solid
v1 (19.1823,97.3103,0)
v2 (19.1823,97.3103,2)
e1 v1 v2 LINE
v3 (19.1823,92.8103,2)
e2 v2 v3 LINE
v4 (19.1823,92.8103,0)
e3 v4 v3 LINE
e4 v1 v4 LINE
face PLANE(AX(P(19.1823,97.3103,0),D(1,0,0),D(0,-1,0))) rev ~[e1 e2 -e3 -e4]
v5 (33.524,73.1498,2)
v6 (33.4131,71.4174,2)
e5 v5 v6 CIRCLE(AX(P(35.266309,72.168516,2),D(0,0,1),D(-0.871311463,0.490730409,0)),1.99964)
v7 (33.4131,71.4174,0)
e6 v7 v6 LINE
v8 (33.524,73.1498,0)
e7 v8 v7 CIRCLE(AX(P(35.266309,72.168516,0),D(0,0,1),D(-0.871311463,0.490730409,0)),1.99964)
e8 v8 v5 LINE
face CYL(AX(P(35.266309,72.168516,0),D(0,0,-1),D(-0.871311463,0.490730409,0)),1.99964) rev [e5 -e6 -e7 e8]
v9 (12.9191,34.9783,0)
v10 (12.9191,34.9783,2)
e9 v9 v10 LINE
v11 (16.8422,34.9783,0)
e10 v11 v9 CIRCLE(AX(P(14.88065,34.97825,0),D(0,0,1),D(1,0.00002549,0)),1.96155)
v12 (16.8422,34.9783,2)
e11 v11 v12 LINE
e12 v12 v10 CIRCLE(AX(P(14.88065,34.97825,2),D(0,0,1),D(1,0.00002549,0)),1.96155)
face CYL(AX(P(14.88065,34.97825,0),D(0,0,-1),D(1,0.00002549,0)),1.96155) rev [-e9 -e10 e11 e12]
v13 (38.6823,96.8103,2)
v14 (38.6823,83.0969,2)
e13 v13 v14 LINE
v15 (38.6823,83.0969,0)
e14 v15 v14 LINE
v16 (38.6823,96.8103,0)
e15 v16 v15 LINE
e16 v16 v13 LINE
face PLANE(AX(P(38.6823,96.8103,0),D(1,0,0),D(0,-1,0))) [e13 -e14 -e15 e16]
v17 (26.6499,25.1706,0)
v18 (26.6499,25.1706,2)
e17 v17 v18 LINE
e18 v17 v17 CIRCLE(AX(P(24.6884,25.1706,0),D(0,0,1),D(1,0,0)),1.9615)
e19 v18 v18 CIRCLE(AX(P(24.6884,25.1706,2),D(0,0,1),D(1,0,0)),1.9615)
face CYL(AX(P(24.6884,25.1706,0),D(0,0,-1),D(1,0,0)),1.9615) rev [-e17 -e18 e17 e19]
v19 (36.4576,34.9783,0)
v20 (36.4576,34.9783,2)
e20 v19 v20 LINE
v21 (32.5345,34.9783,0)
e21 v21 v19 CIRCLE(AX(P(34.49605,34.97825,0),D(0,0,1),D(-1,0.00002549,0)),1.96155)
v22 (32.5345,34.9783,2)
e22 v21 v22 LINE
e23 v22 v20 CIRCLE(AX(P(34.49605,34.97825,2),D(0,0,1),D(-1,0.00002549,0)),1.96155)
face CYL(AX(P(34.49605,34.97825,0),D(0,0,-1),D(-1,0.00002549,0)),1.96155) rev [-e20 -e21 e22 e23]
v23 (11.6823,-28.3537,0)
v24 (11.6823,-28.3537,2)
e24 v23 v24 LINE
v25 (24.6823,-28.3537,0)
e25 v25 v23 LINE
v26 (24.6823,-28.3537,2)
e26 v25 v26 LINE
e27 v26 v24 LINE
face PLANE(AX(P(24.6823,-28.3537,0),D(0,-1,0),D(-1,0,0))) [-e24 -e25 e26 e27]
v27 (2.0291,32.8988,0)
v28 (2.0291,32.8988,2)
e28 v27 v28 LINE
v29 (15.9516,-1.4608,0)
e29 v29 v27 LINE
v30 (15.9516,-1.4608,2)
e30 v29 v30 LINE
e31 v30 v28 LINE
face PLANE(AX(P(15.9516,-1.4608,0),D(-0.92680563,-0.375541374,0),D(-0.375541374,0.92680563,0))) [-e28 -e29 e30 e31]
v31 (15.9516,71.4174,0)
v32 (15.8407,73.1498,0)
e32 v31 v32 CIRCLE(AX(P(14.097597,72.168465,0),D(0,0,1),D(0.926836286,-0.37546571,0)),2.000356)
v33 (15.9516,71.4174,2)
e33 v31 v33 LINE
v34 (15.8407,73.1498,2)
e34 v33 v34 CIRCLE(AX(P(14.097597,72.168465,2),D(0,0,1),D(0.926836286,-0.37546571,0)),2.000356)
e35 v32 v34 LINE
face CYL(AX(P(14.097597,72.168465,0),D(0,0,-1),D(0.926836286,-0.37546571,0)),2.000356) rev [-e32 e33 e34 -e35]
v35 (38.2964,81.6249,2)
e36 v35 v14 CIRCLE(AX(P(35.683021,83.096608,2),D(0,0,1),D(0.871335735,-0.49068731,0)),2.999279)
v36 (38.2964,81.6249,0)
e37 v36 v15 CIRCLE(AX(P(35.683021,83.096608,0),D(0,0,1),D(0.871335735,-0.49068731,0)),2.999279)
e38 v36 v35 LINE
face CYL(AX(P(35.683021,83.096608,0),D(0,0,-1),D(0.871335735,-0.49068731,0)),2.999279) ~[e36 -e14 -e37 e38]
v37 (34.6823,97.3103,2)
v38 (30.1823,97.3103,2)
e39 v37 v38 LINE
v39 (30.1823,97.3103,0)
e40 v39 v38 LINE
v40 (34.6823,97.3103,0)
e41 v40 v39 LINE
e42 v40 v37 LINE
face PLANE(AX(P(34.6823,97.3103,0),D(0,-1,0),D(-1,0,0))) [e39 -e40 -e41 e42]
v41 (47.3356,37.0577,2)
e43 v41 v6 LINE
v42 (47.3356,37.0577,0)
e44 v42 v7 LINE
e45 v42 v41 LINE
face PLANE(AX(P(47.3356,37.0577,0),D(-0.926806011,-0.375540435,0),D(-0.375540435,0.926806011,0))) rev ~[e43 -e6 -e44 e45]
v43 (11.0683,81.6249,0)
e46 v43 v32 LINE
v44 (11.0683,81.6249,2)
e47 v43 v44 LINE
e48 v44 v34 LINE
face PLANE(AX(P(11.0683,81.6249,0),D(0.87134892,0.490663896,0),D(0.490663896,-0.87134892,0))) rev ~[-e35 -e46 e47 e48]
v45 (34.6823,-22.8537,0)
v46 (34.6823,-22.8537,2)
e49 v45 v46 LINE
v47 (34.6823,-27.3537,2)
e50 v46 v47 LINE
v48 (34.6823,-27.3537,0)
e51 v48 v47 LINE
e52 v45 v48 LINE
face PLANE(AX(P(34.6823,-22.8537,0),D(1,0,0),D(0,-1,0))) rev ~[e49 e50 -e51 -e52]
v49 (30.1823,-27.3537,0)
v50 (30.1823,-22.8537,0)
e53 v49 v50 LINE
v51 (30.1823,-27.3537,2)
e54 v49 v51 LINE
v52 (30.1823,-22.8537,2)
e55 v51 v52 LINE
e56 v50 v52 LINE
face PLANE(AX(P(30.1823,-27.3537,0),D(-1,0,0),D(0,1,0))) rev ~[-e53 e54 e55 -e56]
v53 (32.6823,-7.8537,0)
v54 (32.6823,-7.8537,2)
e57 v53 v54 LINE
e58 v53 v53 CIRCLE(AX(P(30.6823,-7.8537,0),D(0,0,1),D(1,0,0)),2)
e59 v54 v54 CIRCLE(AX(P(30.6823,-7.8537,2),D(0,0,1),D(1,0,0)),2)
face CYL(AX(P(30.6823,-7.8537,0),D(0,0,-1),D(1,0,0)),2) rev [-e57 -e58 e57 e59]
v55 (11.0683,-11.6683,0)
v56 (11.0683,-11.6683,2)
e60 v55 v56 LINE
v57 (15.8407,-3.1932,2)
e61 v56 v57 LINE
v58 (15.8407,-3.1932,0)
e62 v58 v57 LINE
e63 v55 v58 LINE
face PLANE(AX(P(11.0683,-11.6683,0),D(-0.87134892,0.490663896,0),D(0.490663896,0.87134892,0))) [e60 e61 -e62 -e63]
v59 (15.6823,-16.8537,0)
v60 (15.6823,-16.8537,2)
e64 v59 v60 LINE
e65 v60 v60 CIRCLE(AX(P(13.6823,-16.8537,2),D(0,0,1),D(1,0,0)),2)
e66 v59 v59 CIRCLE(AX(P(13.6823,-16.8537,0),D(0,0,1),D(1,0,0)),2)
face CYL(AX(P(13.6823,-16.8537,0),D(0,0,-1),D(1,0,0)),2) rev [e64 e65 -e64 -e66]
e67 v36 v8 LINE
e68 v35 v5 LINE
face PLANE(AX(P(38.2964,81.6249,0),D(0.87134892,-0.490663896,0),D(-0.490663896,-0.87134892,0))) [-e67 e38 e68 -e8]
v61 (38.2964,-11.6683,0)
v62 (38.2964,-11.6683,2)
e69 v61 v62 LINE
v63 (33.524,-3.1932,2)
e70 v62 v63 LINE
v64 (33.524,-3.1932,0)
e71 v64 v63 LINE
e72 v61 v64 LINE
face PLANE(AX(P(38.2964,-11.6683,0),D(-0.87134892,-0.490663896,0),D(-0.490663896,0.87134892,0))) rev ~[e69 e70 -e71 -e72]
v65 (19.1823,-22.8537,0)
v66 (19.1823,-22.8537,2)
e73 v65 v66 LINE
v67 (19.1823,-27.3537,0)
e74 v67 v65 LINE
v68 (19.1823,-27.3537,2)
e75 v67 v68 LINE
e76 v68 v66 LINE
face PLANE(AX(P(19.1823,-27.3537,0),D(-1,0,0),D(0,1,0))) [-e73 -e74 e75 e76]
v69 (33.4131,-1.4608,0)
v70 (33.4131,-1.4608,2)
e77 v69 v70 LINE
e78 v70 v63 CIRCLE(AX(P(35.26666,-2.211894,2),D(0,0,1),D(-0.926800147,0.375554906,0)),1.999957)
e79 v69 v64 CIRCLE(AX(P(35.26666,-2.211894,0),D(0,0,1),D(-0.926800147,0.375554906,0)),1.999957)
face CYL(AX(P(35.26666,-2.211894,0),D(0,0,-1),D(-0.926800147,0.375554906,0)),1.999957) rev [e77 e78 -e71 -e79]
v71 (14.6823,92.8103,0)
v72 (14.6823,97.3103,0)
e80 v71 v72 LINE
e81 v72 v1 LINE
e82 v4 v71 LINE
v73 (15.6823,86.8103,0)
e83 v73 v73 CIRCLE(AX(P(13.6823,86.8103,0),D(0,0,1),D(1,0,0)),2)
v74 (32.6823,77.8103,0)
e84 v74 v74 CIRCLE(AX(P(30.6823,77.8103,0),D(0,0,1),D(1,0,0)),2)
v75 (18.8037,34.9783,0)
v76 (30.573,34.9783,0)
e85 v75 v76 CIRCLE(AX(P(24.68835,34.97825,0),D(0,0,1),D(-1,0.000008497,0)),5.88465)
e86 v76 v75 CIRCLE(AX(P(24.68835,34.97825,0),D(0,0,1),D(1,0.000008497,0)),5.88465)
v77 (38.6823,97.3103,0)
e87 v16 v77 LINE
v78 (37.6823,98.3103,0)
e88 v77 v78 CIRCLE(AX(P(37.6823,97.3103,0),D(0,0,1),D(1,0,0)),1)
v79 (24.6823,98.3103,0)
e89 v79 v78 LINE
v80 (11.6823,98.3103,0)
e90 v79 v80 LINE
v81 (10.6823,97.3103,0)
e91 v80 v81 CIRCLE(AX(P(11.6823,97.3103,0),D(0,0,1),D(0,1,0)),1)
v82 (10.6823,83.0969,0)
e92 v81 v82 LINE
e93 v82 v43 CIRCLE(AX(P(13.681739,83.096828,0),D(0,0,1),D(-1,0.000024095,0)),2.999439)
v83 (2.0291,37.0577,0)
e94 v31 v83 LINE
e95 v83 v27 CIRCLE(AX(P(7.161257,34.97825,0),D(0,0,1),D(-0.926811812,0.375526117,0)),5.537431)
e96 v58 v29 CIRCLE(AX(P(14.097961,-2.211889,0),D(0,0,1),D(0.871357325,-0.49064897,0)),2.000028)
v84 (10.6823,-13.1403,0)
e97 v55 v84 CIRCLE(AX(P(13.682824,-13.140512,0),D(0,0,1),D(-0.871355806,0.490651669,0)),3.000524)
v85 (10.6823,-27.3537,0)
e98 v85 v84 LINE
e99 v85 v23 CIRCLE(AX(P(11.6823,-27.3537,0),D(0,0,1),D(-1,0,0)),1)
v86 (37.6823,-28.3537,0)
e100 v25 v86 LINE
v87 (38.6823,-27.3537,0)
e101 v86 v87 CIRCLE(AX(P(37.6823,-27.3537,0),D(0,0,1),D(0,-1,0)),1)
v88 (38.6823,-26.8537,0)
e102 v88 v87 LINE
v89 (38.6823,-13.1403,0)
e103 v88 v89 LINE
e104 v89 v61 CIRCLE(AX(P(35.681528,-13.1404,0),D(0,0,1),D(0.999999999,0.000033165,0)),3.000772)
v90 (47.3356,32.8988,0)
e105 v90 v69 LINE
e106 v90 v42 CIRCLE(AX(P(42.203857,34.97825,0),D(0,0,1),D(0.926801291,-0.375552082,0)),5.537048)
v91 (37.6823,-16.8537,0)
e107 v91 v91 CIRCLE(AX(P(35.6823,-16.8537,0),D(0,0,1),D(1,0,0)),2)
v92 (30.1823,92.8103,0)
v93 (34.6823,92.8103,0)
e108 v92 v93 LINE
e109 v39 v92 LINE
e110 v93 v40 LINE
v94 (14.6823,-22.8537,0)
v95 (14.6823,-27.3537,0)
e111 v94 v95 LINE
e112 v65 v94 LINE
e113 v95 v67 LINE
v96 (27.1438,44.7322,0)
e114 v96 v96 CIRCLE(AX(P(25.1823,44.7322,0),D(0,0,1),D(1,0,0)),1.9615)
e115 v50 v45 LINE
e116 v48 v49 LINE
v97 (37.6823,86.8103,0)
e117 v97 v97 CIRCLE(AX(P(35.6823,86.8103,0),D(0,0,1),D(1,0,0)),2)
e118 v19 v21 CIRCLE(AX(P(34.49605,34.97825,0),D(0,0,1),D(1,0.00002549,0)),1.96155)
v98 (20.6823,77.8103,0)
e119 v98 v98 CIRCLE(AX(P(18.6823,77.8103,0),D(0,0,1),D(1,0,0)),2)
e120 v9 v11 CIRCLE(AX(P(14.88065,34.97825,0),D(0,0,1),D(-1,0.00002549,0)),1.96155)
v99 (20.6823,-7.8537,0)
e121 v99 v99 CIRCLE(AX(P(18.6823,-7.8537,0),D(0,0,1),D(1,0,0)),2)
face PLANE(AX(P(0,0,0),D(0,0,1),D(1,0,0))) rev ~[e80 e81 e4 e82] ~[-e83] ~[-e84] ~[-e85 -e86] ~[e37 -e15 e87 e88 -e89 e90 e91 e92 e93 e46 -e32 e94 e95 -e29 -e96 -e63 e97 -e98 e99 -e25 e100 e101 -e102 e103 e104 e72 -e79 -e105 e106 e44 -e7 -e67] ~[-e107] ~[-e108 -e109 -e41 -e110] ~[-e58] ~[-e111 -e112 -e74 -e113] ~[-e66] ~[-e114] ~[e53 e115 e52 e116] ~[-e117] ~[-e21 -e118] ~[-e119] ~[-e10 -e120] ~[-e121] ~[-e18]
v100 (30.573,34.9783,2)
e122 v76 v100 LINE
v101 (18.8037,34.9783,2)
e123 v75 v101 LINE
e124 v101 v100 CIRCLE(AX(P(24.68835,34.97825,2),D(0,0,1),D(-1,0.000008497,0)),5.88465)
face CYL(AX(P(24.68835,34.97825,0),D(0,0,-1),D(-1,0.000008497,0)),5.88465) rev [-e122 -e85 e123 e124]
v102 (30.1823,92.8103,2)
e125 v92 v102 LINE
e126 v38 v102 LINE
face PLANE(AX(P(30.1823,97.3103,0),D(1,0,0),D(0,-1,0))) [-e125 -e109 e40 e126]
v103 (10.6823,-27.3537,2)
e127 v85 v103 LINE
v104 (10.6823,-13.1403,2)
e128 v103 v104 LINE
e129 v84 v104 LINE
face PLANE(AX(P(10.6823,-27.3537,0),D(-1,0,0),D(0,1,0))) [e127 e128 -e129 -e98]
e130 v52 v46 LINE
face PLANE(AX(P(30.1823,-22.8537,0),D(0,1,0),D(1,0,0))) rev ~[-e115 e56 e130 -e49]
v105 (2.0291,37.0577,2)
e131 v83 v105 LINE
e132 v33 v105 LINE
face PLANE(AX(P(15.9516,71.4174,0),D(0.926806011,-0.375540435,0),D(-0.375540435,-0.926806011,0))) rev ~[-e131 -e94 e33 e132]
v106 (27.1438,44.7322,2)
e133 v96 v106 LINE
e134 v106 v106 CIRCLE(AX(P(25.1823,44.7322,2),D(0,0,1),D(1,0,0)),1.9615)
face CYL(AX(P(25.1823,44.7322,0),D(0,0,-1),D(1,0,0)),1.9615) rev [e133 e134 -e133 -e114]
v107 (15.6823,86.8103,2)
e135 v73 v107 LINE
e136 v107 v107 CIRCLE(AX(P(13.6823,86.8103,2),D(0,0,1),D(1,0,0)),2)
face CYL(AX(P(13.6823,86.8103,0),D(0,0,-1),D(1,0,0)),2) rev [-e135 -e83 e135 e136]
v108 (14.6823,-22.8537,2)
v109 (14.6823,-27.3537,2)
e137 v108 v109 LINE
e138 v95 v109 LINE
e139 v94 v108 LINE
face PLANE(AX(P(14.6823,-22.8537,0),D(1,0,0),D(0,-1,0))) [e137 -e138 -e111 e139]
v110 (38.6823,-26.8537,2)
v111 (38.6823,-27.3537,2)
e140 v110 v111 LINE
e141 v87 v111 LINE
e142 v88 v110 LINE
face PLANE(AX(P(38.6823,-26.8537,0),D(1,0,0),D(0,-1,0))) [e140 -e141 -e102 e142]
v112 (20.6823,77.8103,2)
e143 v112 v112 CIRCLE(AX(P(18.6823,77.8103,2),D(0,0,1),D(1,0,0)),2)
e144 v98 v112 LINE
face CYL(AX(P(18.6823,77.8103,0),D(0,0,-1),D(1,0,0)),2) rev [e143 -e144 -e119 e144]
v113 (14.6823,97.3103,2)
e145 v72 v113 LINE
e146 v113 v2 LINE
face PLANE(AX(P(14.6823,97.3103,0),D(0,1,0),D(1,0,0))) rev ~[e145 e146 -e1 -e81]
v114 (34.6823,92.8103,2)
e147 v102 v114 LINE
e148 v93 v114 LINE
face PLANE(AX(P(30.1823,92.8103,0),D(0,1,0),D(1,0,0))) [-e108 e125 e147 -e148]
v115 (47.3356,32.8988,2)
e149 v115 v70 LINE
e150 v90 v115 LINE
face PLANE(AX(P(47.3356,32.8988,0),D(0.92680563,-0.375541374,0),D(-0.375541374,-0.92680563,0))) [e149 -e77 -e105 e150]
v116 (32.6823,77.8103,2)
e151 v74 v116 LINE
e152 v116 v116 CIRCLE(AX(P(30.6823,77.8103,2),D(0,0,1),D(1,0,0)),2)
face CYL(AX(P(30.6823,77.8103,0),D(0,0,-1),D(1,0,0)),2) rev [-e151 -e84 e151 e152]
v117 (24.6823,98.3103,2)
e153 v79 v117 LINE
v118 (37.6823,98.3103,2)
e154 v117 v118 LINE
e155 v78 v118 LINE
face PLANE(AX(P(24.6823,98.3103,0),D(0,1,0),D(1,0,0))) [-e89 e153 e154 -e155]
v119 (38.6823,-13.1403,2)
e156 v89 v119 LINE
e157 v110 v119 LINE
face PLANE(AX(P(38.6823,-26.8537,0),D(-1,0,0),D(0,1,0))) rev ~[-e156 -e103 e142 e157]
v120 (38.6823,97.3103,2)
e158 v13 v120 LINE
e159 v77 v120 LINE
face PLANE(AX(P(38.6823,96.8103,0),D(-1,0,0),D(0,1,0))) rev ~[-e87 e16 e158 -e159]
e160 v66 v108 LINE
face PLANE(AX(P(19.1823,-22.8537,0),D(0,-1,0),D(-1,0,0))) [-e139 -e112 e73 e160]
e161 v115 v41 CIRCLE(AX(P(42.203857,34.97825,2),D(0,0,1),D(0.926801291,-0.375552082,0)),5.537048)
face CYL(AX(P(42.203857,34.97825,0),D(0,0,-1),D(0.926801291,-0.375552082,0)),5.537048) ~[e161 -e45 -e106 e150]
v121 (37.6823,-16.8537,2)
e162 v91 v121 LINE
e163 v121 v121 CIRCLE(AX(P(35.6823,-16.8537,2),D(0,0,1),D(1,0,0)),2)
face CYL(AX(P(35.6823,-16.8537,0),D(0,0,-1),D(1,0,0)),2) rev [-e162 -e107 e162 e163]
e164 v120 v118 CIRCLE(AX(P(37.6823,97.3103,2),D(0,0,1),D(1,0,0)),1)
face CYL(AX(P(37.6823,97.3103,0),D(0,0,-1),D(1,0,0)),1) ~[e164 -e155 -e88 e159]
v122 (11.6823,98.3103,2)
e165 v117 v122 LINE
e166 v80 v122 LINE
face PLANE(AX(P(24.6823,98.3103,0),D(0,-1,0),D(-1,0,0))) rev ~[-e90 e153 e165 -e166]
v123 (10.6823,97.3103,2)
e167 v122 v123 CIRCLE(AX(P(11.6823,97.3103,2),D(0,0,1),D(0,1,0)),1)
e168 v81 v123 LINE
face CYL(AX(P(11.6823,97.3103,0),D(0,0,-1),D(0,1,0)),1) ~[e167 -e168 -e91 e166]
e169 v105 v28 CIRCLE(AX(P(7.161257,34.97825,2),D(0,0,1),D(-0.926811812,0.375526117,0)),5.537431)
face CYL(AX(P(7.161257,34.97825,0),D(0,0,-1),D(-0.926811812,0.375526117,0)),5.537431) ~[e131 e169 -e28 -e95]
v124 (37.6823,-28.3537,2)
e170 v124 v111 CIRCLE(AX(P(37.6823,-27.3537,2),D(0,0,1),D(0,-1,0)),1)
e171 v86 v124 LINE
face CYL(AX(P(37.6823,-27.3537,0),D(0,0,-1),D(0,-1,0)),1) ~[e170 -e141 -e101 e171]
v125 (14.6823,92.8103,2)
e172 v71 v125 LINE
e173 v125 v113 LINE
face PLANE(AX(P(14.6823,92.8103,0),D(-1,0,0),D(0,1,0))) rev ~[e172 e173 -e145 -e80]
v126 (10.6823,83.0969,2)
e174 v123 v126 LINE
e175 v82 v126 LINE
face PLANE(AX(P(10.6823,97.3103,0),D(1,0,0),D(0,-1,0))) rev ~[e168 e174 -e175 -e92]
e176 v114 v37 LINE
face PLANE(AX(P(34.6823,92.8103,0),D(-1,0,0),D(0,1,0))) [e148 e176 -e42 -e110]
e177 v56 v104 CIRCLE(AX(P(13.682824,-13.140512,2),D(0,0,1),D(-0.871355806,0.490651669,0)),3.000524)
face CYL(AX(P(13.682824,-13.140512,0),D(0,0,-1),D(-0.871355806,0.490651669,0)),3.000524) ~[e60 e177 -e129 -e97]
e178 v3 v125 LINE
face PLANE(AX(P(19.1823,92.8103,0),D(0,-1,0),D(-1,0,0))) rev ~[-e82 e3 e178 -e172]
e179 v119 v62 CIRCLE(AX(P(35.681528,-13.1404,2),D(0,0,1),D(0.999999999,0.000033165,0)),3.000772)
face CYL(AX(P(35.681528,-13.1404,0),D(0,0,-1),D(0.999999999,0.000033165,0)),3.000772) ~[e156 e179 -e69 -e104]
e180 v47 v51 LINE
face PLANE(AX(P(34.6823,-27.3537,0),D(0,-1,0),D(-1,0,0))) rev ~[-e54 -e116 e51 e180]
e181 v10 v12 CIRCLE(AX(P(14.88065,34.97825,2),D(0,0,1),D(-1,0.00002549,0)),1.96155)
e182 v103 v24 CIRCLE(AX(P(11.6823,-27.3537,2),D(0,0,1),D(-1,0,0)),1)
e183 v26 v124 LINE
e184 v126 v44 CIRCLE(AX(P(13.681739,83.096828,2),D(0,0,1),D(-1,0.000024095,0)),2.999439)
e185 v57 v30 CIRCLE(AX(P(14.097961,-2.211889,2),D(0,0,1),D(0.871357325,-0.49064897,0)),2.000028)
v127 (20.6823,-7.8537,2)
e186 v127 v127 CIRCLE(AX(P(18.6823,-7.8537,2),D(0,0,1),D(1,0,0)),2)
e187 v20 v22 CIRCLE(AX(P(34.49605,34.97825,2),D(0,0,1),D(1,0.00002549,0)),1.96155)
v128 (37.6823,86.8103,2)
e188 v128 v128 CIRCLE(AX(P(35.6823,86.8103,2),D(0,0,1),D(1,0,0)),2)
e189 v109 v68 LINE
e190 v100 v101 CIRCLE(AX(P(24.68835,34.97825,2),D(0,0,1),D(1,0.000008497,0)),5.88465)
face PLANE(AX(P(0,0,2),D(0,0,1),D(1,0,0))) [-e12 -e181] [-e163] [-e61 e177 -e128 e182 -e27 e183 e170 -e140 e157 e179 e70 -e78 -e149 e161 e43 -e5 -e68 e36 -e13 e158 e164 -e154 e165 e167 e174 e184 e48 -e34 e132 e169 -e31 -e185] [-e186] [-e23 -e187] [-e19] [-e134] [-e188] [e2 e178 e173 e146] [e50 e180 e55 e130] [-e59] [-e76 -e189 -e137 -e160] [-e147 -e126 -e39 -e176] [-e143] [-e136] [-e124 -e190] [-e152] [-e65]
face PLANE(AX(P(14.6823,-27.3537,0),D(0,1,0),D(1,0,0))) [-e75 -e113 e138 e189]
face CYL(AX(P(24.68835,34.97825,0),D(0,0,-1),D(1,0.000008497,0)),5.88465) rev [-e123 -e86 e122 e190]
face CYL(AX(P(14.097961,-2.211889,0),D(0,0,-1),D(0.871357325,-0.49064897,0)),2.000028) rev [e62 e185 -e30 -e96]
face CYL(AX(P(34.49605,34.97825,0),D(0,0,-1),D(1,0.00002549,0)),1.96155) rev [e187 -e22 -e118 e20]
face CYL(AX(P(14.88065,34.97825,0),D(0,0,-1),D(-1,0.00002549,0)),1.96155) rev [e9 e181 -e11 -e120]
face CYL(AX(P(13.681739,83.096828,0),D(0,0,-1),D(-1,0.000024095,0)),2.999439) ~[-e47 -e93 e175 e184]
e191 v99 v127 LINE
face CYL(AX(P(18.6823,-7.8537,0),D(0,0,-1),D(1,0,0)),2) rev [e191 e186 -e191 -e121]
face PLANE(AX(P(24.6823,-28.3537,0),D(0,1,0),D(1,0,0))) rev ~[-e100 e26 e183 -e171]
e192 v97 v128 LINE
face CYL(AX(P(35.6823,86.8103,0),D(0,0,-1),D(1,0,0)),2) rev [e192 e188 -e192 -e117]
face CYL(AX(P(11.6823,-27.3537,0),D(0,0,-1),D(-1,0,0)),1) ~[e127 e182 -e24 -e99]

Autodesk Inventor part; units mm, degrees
ref_plane "YZ Plane" through (0, 0, 0) normal (1, 0, 0) x (0, 1, 0)
ref_plane "XZ Plane" through (0, 0, 0) normal (0, 1, 0) x (-1, 0, 0)
ref_plane "XY Plane" through (0, 0, 0) normal (0, 0, 1) x (1, 0, 0)
sketch "Эскиз1" plane through (0, 0, 0) normal (0, 0, 1) x (1, 0, 0)
  arc A0 (18.8037, 34.9783) -> (30.573, 34.9783) centre (24.6884, 34.9783) ccw
  arc A1 (12.9191, 34.9783) -> (16.8422, 34.9783) centre (14.8807, 34.9783) ccw
  circle A2 centre (24.6884, 25.1706) radius 1.9615
  arc A3 (32.5345, 34.9783) -> (36.4576, 34.9783) centre (34.4961, 34.9783) ccw
  line L0 (47.3356, 32.8988) -> (33.4131, -1.4608)
  line L1 (15.9516, -1.4608) -> (2.0291, 32.8988)
  arc A4 (30.573, 34.9783) -> (18.8037, 34.9783) centre (24.6884, 34.9783) ccw
  arc A5 (16.8422, 34.9783) -> (12.9191, 34.9783) centre (14.8807, 34.9783) ccw
  circle A6 centre (25.1823, 44.7322) radius 1.9615
  arc A7 (36.4576, 34.9783) -> (32.5345, 34.9783) centre (34.4961, 34.9783) ccw
  arc A8 (47.3356, 32.8988) -> (47.3356, 37.0577) centre (42.2036, 34.9783) ccw
  arc A9 (2.0291, 37.0577) -> (2.0291, 32.8988) centre (7.161, 34.9783) ccw
  line L2 (24.6823, -28.3537) -> (11.6823, -28.3537)
  line L3 (10.6823, -27.3537) -> (10.6823, -13.1403)
  line L4 (11.0683, -11.6683) -> (15.8407, -3.1932)
  arc A10 (11.0683, -11.6683) -> (10.6823, -13.1403) centre (13.6823, -13.1403) ccw
  arc A11 (10.6823, -27.3537) -> (11.6823, -28.3537) centre (11.6823, -27.3537) ccw
  line L5 (38.6823, -26.8537) -> (38.6823, -13.1403)
  line L6 (38.2964, -11.6683) -> (33.524, -3.1932)
  arc A12 (38.6823, -13.1403) -> (38.2964, -11.6683) centre (35.6823, -13.1403) ccw
  arc A13 (15.8407, -3.1932) -> (15.9516, -1.4608) centre (14.098, -2.2119) ccw
  arc A14 (33.4131, -1.4608) -> (33.524, -3.1932) centre (35.2667, -2.2119) ccw
  line L7 (14.6823, -27.3537) -> (19.1823, -27.3537)
  line L8 (19.1823, -27.3537) -> (19.1823, -22.8537)
  line L9 (19.1823, -22.8537) -> (14.6823, -22.8537)
  line L10 (14.6823, -22.8537) -> (14.6823, -27.3537)
  circle A15 centre (13.6823, -16.8537) radius 2
  circle A16 centre (18.6823, -7.8537) radius 2
  line L11 (38.6823, -26.8537) -> (38.6823, -27.3537)
  line L12 (24.6823, -28.3537) -> (37.6823, -28.3537)
  arc A17 (37.6823, -28.3537) -> (38.6823, -27.3537) centre (37.6823, -27.3537) ccw
  line L13 (34.6823, -27.3537) -> (30.1823, -27.3537)
  line L14 (30.1823, -27.3537) -> (30.1823, -22.8537)
  line L15 (30.1823, -22.8537) -> (34.6823, -22.8537)
  line L16 (34.6823, -22.8537) -> (34.6823, -27.3537)
  circle A18 centre (35.6823, -16.8537) radius 2
  circle A19 centre (30.6823, -7.8537) radius 2
  line L17 (47.3356, 37.0577) -> (33.4131, 71.4174)
  line L18 (15.9516, 71.4174) -> (2.0291, 37.0577)
  line L19 (24.6823, 98.3103) -> (11.6823, 98.3103)
  line L20 (10.6823, 97.3103) -> (10.6823, 83.0969)
  line L21 (11.0683, 81.6249) -> (15.8407, 73.1498)
  arc A20 (10.6823, 83.0969) -> (11.0683, 81.6249) centre (13.6823, 83.0969) ccw
  arc A21 (11.6823, 98.3103) -> (10.6823, 97.3103) centre (11.6823, 97.3103) ccw
  line L22 (38.2964, 81.6249) -> (33.524, 73.1498)
  arc A22 (38.2964, 81.6249) -> (38.6823, 83.0969) centre (35.6823, 83.0969) ccw
  line L23 (38.6823, 96.8103) -> (38.6823, 83.0969)
  arc A23 (15.9516, 71.4174) -> (15.8407, 73.1498) centre (14.098, 72.1684) ccw
  arc A24 (33.524, 73.1498) -> (33.4131, 71.4174) centre (35.2667, 72.1684) ccw
  line L24 (14.6823, 97.3103) -> (19.1823, 97.3103)
  line L25 (19.1823, 97.3103) -> (19.1823, 92.8103)
  line L26 (19.1823, 92.8103) -> (14.6823, 92.8103)
  line L27 (14.6823, 92.8103) -> (14.6823, 97.3103)
  circle A25 centre (13.6823, 86.8103) radius 2
  circle A26 centre (18.6823, 77.8103) radius 2
  line L28 (38.6823, 96.8103) -> (38.6823, 97.3103)
  line L29 (24.6823, 98.3103) -> (37.6823, 98.3103)
  arc A27 (38.6823, 97.3103) -> (37.6823, 98.3103) centre (37.6823, 97.3103) ccw
  circle A28 centre (30.6823, 77.8103) radius 2
  circle A29 centre (35.6823, 86.8103) radius 2
  line L30 (30.1823, 92.8103) -> (34.6823, 92.8103)
  line L31 (30.1823, 97.3103) -> (30.1823, 92.8103)
  line L32 (34.6823, 97.3103) -> (30.1823, 97.3103)
  line L33 (34.6823, 92.8103) -> (34.6823, 97.3103)
  point P0 (0, 0)
  point P1 (10.6823, -12.3537)
  point P2 (38.6823, -12.3537)
  point P3 (10.6823, 82.3103)
  point P4 (38.6823, 82.3103)
  dimension "d89" = 9
  dimension "d91" = 5
  dimension "d93" = 3
  dimension "d94" = 4
  dimension "d95" = 4
  dimension "d98" = 4.5
  dimension "d99" = 4.5
  dimension "d100" = 6
  dimension "d105" = 1
extrude "Выдавливание3" add sketch "Эскиз1" along normal blind 2
properties part number "Ось"
